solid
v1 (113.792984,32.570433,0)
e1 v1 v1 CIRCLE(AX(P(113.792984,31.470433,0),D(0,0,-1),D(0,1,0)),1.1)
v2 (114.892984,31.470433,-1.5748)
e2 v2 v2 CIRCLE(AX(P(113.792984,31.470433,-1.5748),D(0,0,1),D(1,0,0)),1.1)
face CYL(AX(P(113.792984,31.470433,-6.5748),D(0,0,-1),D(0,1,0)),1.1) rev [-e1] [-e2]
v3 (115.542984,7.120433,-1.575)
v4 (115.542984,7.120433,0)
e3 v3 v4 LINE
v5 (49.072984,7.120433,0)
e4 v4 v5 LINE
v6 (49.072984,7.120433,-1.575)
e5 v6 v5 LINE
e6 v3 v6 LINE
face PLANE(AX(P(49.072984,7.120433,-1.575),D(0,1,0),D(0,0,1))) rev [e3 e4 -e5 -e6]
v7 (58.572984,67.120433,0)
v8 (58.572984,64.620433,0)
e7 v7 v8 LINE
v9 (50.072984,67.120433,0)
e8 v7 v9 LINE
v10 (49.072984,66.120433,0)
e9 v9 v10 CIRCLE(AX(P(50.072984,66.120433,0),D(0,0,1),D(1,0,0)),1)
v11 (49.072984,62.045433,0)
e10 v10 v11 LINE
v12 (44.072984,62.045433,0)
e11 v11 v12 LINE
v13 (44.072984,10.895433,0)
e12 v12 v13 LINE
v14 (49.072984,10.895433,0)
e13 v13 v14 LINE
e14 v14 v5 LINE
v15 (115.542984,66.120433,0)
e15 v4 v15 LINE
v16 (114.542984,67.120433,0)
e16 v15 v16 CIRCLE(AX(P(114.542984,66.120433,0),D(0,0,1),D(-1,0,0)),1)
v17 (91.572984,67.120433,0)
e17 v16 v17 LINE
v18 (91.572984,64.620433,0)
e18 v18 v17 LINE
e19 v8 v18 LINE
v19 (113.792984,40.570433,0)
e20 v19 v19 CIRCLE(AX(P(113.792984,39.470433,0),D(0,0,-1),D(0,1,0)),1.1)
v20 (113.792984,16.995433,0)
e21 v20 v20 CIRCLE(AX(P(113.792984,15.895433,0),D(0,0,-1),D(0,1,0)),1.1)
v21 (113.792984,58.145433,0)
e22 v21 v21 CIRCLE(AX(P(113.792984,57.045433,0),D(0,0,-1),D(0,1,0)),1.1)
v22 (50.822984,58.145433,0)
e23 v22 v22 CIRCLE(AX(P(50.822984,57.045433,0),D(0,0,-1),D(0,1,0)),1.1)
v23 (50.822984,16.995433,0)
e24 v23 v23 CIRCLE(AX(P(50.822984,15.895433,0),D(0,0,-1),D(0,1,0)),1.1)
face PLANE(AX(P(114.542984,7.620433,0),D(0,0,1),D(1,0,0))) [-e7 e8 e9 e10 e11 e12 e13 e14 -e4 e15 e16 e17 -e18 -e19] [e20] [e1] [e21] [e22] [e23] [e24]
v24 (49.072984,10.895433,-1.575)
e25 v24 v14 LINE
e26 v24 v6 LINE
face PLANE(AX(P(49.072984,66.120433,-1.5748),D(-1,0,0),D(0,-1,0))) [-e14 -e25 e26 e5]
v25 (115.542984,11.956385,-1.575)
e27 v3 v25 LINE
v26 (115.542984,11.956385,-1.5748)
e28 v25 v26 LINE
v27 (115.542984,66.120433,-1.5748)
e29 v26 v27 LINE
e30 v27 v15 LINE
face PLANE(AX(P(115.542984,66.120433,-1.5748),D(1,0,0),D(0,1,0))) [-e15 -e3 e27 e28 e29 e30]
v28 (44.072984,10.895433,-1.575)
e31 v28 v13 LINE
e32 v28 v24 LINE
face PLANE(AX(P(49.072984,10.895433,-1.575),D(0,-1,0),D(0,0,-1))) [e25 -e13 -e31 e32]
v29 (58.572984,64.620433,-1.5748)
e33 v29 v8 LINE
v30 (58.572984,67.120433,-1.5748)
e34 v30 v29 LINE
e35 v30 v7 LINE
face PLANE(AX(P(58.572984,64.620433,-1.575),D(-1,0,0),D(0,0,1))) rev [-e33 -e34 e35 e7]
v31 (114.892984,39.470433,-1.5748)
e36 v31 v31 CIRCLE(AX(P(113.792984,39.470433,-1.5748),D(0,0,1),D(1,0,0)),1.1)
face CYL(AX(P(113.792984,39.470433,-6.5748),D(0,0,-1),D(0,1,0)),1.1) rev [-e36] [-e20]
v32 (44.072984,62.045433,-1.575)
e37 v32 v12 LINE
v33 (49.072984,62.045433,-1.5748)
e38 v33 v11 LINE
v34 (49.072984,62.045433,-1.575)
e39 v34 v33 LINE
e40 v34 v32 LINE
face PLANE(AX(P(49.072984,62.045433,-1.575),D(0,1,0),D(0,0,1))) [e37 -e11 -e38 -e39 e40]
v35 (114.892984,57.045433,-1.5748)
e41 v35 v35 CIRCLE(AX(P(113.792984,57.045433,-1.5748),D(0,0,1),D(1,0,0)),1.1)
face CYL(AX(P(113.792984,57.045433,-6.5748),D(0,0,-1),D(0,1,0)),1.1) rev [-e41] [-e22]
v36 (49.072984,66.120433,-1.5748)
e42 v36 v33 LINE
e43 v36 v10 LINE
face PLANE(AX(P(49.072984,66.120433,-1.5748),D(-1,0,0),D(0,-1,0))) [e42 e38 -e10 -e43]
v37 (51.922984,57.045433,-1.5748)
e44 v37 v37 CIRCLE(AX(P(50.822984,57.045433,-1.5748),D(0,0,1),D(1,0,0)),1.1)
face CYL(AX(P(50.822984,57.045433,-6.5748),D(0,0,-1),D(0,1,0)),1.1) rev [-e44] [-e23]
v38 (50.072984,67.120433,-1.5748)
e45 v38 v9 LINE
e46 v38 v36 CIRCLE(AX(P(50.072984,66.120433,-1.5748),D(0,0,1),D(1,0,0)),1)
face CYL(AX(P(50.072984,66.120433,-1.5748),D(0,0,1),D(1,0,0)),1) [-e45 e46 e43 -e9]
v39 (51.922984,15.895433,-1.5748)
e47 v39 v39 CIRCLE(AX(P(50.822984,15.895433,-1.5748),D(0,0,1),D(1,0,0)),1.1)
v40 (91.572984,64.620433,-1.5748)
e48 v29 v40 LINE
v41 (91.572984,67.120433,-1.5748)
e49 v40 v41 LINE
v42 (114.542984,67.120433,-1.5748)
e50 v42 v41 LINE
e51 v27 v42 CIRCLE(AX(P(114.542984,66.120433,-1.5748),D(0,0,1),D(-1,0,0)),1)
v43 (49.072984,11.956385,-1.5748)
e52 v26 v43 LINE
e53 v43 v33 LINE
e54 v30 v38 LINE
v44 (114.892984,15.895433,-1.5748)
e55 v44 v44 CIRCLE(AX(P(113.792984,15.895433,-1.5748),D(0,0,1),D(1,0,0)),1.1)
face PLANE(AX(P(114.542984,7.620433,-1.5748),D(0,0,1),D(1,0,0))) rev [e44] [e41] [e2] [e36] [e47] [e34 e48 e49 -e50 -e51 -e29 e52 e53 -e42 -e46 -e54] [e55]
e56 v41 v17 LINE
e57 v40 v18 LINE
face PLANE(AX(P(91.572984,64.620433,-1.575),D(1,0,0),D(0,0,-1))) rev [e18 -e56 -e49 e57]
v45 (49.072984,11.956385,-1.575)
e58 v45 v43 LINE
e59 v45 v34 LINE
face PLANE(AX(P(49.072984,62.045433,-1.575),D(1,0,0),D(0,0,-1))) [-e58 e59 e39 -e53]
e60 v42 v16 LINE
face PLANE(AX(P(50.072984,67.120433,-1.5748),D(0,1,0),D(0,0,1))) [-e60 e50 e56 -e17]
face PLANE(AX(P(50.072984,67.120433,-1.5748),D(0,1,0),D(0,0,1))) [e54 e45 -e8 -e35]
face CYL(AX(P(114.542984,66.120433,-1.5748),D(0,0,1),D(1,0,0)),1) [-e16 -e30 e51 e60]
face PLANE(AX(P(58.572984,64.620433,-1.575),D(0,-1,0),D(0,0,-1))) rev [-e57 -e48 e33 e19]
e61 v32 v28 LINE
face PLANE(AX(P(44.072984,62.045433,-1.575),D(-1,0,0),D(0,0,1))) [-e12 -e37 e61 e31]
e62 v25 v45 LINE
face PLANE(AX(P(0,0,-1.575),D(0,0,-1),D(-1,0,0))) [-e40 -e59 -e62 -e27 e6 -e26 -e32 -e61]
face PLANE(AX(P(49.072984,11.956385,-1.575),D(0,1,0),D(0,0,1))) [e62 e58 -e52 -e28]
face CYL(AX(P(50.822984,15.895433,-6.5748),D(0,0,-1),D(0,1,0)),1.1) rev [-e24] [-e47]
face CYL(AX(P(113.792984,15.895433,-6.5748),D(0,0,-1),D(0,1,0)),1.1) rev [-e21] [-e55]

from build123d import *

# Parameters (mm, degrees)
BOSS_EXTRUDE1_DEPTH  = 1.5748
SKETCH3_W            = 66.47
SKETCH3_H            = 5.335951997
BOSS_EXTRUDE2_DEPTH  = 1.575
SKETCH4_W            = 66.47
SKETCH4_H            = 0.5
CUT_EXTRUDE1_DEPTH   = 134.633133513
M2_CLEARANCE_HOLE1_D = 2.2
SKETCH5_W            = 5
SKETCH5_H            = 51.15
BOSS_EXTRUDE3_DEPTH  = 1.575
SKETCH6_W            = 33
SKETCH6_H            = 2.5
CUT_EXTRUDE2_DEPTH   = 134.633133513


with BuildPart() as part:
    # BPR2 PCB Outline → Boss-Extrude1 (new body)
    with BuildSketch(Plane.XY):
        with BuildLine():
            Line((114.542984325, 6.620432961), (102.642984325, 6.620432961))
            Line((102.642984325, 6.620432961), (82.642984325, 6.620432961))
            Line((82.642984325, 6.620432961), (49.072984325, 6.620432961))
            Line((49.072984325, 6.620432961), (49.072984325, 66.120432961))
            ThreePointArc((49.072984325, 66.120432961), (49.365877543, 66.827539743), (50.072984325, 67.120432961))
            Line((50.072984325, 67.120432961), (114.542984325, 67.120432961))
            ThreePointArc((114.542984325, 67.120432961), (115.250091106, 66.827539743), (115.542984325, 66.120432961))
            Line((115.542984325, 66.120432961), (115.542984325, 7.620432961))
            ThreePointArc((115.542984325, 7.620432961), (115.250091106, 6.91332618), (114.542984325, 6.620432961))
        make_face()
    extrude(amount=-BOSS_EXTRUDE1_DEPTH)

    # Sketch3 → Boss-Extrude2 (add)
    with BuildSketch(Plane.XY):
        with Locations((82.307984325, 9.288408959)):
            Rectangle(SKETCH3_W, SKETCH3_H)
    extrude(amount=-BOSS_EXTRUDE2_DEPTH)

    # Sketch4 → Cut-Extrude1 (cut, through all)
    with BuildSketch(Plane.XY):
        with Locations((82.307984325, 6.870432961)):
            Rectangle(SKETCH4_W, SKETCH4_H)
    extrude(amount=-CUT_EXTRUDE1_DEPTH, mode=Mode.SUBTRACT)

    # M2 Clearance Hole1 (through all)
    with Locations(Plane(origin=(32.762906477, 104.007481373, -6.5748), x_dir=(1, 0, 0), z_dir=(0, 0, -1))):
        with Locations((18.060077848, 88.112048412), (18.060077848, 46.962048412), (81.030077848, 46.962048412), (81.030077848, 64.537048412), (81.030077848, 88.112048412), (81.030077848, 72.537048412)):
            Hole(M2_CLEARANCE_HOLE1_D / 2)

    # Sketch5 → Boss-Extrude3 (add)
    with BuildSketch(Plane.XY):
        with Locations((46.572984325, 36.470432961)):
            Rectangle(SKETCH5_W, SKETCH5_H)
    extrude(amount=-BOSS_EXTRUDE3_DEPTH)

    # Sketch6 → Cut-Extrude2 (cut, through all)
    with BuildSketch(Plane.XY):
        with Locations((75.072984325, 65.870432961)):
            Rectangle(SKETCH6_W, SKETCH6_H)
    extrude(amount=-CUT_EXTRUDE2_DEPTH, mode=Mode.SUBTRACT)


solid = part.part
